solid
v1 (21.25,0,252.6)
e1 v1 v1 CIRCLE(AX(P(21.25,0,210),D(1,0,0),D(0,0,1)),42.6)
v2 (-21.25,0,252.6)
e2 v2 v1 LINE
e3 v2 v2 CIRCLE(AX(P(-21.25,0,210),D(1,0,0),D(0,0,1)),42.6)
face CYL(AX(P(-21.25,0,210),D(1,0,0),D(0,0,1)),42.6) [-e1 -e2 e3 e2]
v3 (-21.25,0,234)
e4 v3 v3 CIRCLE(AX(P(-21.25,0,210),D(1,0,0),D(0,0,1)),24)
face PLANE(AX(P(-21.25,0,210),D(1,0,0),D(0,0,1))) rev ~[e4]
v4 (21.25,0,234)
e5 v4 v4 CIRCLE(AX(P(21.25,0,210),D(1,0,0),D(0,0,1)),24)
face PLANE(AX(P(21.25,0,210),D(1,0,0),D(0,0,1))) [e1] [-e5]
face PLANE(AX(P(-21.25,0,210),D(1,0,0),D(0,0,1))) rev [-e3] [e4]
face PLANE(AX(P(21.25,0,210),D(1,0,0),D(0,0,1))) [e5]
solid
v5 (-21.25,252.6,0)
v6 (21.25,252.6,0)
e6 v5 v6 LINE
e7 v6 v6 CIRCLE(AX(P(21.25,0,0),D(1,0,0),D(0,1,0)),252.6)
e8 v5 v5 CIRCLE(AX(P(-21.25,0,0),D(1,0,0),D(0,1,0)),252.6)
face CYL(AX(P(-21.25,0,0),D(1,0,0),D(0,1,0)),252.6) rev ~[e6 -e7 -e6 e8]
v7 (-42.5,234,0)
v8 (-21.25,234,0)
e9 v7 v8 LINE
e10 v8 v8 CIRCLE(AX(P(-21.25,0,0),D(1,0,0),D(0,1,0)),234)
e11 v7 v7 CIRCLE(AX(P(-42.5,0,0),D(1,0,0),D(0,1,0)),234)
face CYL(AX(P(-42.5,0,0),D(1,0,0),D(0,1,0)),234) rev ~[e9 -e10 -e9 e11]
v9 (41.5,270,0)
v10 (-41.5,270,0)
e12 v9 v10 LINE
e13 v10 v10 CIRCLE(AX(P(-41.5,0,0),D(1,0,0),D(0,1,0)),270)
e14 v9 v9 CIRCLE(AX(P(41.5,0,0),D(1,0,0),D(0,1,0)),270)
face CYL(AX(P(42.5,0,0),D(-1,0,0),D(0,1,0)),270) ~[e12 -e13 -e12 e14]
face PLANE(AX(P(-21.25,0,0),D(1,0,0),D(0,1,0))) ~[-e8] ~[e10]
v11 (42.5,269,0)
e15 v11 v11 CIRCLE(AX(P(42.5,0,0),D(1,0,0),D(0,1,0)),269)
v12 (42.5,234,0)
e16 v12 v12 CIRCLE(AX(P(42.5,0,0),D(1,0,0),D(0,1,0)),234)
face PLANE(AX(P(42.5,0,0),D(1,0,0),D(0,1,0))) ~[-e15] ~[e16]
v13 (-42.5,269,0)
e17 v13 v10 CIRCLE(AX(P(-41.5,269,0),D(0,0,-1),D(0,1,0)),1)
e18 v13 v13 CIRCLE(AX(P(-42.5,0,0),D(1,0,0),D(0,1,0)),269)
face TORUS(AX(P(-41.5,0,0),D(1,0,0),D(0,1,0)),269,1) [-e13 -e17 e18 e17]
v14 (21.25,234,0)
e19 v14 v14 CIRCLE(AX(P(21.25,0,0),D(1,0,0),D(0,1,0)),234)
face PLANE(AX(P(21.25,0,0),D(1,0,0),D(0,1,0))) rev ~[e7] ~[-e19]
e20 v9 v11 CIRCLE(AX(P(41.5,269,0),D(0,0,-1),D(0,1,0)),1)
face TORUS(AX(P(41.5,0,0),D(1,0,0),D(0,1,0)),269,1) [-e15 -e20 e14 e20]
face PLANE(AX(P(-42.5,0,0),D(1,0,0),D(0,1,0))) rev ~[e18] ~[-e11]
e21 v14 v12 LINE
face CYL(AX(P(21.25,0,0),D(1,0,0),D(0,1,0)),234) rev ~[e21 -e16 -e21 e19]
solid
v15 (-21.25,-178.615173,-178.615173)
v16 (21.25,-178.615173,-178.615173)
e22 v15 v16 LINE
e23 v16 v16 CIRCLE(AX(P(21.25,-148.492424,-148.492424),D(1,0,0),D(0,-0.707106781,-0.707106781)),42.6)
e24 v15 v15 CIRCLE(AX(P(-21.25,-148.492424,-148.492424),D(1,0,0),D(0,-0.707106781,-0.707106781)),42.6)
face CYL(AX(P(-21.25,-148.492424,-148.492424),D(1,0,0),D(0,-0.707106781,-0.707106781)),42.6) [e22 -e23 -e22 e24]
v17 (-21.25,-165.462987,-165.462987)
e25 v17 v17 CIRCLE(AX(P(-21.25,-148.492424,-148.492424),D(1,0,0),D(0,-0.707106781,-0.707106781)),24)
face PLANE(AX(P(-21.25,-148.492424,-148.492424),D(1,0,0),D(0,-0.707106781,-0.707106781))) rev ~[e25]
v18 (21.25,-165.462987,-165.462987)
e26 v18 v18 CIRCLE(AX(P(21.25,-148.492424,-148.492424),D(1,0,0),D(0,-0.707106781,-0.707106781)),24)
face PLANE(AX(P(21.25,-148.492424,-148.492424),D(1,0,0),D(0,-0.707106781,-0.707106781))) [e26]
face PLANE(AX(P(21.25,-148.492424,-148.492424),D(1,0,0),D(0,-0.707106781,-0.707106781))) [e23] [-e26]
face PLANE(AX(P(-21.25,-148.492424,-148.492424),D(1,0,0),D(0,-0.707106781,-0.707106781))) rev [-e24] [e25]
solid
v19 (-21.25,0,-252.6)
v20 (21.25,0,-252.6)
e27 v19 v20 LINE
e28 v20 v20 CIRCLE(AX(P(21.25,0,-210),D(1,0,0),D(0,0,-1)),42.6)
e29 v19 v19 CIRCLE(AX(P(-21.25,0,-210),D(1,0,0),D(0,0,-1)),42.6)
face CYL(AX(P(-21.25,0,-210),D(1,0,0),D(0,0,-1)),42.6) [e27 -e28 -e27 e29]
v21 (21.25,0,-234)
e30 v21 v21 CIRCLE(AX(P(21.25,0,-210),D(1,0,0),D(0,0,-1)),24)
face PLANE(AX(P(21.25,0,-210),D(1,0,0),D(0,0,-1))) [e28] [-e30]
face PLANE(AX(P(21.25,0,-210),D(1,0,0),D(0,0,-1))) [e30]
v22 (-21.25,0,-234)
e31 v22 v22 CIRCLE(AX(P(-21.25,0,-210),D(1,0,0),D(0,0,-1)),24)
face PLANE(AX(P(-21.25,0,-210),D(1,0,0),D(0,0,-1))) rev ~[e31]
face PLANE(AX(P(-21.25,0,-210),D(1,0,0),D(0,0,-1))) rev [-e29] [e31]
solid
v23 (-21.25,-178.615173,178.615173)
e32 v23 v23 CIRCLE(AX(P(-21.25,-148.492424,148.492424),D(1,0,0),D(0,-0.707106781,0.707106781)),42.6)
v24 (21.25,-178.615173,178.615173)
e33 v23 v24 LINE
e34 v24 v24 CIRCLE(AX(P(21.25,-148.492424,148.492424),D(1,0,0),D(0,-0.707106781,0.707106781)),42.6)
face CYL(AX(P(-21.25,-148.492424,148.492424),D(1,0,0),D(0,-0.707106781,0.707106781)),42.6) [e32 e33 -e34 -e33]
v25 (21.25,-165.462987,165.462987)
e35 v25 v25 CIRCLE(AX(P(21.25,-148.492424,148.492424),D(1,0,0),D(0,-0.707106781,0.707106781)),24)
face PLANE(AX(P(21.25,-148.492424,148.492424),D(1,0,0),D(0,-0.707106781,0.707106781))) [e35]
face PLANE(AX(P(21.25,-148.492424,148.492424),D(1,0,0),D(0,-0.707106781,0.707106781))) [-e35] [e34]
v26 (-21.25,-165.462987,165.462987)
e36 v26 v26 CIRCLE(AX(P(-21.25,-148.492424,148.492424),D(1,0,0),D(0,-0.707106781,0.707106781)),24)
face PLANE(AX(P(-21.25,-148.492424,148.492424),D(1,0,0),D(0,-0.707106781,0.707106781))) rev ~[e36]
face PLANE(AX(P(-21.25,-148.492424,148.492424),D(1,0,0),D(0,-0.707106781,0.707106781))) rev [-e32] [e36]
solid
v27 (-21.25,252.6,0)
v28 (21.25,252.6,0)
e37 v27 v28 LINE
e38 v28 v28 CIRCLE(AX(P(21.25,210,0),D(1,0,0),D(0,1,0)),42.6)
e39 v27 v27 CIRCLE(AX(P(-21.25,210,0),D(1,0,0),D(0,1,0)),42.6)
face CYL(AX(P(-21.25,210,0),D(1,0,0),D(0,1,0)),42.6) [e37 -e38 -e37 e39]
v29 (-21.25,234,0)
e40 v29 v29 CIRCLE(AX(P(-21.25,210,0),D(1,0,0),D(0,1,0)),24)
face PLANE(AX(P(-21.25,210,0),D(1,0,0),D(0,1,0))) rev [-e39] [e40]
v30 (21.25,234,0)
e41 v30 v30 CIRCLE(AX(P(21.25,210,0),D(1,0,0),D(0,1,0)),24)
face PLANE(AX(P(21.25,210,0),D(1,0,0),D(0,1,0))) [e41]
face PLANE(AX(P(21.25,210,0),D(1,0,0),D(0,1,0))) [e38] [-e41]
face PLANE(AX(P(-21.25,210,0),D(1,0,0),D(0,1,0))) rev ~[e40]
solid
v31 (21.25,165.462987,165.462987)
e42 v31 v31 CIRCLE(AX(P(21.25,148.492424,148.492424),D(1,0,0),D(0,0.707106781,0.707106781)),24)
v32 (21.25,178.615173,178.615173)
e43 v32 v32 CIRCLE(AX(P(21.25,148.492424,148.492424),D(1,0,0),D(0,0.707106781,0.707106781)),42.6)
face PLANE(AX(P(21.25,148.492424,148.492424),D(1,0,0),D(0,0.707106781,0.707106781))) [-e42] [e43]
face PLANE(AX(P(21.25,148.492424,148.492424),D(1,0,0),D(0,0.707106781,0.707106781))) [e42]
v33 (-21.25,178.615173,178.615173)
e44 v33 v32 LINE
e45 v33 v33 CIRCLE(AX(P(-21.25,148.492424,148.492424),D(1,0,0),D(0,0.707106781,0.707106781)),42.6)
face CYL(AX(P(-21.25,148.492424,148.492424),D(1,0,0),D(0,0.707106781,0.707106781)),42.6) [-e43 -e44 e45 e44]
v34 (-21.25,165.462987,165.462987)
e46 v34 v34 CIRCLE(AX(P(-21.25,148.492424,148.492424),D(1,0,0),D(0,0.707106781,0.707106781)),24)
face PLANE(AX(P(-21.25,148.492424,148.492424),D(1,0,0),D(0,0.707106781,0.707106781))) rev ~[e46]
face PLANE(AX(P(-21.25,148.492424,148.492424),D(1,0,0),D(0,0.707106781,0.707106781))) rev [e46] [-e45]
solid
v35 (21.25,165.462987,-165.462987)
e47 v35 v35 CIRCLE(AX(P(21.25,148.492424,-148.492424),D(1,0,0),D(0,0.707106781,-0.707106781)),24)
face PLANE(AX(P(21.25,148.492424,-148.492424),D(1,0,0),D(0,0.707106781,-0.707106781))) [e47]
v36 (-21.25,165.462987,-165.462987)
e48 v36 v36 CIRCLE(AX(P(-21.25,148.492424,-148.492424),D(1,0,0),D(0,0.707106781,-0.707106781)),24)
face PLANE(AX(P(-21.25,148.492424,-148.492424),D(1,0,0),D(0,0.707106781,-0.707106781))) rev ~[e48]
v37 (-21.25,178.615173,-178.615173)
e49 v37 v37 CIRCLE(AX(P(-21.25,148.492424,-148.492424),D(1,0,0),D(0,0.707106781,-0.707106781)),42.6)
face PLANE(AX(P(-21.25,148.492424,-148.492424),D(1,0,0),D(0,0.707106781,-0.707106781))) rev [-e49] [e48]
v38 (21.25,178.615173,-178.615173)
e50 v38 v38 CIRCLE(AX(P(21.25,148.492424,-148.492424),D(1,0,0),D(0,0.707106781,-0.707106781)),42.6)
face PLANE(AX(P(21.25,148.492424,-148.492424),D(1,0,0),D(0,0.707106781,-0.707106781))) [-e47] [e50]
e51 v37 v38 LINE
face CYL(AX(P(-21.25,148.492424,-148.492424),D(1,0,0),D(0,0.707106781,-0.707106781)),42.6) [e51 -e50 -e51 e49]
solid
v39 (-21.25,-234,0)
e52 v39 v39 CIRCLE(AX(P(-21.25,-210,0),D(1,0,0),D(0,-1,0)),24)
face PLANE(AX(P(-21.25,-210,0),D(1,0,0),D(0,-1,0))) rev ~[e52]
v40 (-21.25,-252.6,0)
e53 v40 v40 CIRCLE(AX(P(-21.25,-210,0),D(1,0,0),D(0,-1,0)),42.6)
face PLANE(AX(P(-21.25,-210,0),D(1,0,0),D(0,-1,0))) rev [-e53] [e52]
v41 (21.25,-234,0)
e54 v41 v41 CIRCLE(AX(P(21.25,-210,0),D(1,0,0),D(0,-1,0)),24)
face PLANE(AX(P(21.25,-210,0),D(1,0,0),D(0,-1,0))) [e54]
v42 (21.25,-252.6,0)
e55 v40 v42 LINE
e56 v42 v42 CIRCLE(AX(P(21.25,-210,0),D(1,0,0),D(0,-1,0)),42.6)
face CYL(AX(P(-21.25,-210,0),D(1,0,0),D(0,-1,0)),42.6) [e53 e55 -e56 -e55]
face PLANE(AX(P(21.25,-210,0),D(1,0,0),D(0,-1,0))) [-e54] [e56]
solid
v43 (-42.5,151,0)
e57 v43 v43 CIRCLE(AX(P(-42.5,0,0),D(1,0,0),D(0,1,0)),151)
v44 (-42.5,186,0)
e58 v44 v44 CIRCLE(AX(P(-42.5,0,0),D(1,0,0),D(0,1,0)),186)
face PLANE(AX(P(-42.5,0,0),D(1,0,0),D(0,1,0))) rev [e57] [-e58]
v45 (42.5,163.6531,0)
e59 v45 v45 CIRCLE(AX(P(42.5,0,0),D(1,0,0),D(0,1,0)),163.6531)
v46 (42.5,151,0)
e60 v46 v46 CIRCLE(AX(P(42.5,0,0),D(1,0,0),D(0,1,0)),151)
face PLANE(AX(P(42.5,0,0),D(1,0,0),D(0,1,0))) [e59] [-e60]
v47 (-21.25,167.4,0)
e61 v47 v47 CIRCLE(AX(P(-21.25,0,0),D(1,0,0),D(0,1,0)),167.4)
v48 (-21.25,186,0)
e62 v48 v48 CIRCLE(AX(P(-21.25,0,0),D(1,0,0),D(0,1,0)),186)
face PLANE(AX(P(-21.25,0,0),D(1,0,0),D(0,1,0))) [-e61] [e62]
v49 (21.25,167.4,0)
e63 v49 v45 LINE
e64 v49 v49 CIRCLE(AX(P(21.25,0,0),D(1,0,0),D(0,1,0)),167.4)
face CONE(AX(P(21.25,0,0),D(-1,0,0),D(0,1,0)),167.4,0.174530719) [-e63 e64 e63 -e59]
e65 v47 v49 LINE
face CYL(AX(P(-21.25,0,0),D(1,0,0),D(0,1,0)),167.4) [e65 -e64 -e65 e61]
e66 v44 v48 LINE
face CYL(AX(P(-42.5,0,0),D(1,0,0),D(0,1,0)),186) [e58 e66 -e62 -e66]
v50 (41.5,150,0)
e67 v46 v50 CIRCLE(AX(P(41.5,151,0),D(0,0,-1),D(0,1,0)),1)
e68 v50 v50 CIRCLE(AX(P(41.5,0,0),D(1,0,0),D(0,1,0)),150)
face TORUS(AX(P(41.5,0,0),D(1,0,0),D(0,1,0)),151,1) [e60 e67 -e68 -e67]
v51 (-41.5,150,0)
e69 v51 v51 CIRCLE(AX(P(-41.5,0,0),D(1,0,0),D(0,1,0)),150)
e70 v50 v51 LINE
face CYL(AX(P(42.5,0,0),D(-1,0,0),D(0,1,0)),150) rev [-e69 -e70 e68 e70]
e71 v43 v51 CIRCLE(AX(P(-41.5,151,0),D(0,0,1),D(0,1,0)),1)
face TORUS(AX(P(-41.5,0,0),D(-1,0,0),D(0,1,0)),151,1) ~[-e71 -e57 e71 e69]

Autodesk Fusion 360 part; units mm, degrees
sketch "Sketch1" plane through (0, 0, 0) normal (0, 0, 1) x (1, 0, 0)
  line L0 (-56.5, 0) -> (48.5, 0)
  line L1 (-42.5, 150) -> (-42.5, 186)
  line L2 (-42.5, 186) -> (-21.25, 186)
  line L3 (-21.25, 186) -> (-21.25, 167.4)
  line L4 (-21.25, 167.4) -> (21.25, 167.4)
  line L5 (21.25, 167.4) -> (42.5, 163.6531)
  line L6 (42.5, 163.6531) -> (42.5, 150)
  line L7 (42.5, 150) -> (-42.5, 150)
  line L8 (-42.5, 234) -> (-21.25, 234)
  line L9 (-21.25, 234) -> (-21.25, 252.6)
  line L10 (-21.25, 252.6) -> (21.25, 252.6)
  line L11 (21.25, 252.6) -> (21.25, 234)
  line L12 (21.25, 234) -> (42.5, 234)
  line L13 (42.5, 234) -> (42.5, 270)
  line L14 (42.5, 270) -> (-42.5, 270)
  line L15 (-42.5, 270) -> (-42.5, 234)
  line L16 (-21.25, 234) -> (-21.25, 186)
  line L17 (21.25, 234) -> (21.25, 167.4)
  line L18 (0, 252.6) -> (0, 167.4) construction
  line L19 (-21.25, 210) -> (21.25, 210)
  point P0 (0, 150)
  point P1 (0, 167.4)
  point P2 (0, 210)
  dimension "d1" = 300
  dimension "d2" = 10
  dimension "d3" = 85
  dimension "d4" = 21.25
  dimension "d6" = 540
  dimension "d7" = 505.2
  dimension "d9" = 468
  dimension "d10" = 372
  dimension "d20" = 334.8
revolve "Revolve1" add sketch "Sketch1" angle 360 about axis through (-56.5, 0, 0) along (1, 0, 0) contours L1 L2 L3 L4 L5 L6 L7 | L8 L9 L10 L11 L12 L13 L14 L15 makes body 1 at (14.1667, 269.6644, -13.4584) makes body 2 at (-14.1667, 149.2546, -14.9352)
revolve "Revolve2" add sketch "Sketch1" angle 360 about axis through (-21.25, 210, 0) along (1, 0, 0) separate body contours L9 L10 L11 L16 L17 L19 makes body 3
pattern_circular "C-Pattern1" count 8 over 360 about axis through (-56.5, 0, 0) along (1, 0, 0) of bodies 3 makes body 4 at (-7.0833, 180.0792, 177.0762) makes body 5 at (-7.0833, 2.1234, 252.547) makes body 6 at (-7.0833, -177.0762, 180.0792) makes body 7 at (-7.0833, -252.547, 2.1234) makes body 8 at (-7.0833, -180.0792, -177.0762) makes body 9 at (-7.0833, -2.1234, -252.547) makes body 10 at (-7.0833, 177.0762, -180.0792)
fillet "Fillet1" radius 1 2 edges at (42.5, -97.6362, 251.7284) (-42.5, -97.6362, 251.7284) on bodies 1
fillet "Fillet2" radius 1 2 edges at (42.5, -54.2423, 139.8491) (-42.5, -54.2423, 139.8491) on bodies 2
